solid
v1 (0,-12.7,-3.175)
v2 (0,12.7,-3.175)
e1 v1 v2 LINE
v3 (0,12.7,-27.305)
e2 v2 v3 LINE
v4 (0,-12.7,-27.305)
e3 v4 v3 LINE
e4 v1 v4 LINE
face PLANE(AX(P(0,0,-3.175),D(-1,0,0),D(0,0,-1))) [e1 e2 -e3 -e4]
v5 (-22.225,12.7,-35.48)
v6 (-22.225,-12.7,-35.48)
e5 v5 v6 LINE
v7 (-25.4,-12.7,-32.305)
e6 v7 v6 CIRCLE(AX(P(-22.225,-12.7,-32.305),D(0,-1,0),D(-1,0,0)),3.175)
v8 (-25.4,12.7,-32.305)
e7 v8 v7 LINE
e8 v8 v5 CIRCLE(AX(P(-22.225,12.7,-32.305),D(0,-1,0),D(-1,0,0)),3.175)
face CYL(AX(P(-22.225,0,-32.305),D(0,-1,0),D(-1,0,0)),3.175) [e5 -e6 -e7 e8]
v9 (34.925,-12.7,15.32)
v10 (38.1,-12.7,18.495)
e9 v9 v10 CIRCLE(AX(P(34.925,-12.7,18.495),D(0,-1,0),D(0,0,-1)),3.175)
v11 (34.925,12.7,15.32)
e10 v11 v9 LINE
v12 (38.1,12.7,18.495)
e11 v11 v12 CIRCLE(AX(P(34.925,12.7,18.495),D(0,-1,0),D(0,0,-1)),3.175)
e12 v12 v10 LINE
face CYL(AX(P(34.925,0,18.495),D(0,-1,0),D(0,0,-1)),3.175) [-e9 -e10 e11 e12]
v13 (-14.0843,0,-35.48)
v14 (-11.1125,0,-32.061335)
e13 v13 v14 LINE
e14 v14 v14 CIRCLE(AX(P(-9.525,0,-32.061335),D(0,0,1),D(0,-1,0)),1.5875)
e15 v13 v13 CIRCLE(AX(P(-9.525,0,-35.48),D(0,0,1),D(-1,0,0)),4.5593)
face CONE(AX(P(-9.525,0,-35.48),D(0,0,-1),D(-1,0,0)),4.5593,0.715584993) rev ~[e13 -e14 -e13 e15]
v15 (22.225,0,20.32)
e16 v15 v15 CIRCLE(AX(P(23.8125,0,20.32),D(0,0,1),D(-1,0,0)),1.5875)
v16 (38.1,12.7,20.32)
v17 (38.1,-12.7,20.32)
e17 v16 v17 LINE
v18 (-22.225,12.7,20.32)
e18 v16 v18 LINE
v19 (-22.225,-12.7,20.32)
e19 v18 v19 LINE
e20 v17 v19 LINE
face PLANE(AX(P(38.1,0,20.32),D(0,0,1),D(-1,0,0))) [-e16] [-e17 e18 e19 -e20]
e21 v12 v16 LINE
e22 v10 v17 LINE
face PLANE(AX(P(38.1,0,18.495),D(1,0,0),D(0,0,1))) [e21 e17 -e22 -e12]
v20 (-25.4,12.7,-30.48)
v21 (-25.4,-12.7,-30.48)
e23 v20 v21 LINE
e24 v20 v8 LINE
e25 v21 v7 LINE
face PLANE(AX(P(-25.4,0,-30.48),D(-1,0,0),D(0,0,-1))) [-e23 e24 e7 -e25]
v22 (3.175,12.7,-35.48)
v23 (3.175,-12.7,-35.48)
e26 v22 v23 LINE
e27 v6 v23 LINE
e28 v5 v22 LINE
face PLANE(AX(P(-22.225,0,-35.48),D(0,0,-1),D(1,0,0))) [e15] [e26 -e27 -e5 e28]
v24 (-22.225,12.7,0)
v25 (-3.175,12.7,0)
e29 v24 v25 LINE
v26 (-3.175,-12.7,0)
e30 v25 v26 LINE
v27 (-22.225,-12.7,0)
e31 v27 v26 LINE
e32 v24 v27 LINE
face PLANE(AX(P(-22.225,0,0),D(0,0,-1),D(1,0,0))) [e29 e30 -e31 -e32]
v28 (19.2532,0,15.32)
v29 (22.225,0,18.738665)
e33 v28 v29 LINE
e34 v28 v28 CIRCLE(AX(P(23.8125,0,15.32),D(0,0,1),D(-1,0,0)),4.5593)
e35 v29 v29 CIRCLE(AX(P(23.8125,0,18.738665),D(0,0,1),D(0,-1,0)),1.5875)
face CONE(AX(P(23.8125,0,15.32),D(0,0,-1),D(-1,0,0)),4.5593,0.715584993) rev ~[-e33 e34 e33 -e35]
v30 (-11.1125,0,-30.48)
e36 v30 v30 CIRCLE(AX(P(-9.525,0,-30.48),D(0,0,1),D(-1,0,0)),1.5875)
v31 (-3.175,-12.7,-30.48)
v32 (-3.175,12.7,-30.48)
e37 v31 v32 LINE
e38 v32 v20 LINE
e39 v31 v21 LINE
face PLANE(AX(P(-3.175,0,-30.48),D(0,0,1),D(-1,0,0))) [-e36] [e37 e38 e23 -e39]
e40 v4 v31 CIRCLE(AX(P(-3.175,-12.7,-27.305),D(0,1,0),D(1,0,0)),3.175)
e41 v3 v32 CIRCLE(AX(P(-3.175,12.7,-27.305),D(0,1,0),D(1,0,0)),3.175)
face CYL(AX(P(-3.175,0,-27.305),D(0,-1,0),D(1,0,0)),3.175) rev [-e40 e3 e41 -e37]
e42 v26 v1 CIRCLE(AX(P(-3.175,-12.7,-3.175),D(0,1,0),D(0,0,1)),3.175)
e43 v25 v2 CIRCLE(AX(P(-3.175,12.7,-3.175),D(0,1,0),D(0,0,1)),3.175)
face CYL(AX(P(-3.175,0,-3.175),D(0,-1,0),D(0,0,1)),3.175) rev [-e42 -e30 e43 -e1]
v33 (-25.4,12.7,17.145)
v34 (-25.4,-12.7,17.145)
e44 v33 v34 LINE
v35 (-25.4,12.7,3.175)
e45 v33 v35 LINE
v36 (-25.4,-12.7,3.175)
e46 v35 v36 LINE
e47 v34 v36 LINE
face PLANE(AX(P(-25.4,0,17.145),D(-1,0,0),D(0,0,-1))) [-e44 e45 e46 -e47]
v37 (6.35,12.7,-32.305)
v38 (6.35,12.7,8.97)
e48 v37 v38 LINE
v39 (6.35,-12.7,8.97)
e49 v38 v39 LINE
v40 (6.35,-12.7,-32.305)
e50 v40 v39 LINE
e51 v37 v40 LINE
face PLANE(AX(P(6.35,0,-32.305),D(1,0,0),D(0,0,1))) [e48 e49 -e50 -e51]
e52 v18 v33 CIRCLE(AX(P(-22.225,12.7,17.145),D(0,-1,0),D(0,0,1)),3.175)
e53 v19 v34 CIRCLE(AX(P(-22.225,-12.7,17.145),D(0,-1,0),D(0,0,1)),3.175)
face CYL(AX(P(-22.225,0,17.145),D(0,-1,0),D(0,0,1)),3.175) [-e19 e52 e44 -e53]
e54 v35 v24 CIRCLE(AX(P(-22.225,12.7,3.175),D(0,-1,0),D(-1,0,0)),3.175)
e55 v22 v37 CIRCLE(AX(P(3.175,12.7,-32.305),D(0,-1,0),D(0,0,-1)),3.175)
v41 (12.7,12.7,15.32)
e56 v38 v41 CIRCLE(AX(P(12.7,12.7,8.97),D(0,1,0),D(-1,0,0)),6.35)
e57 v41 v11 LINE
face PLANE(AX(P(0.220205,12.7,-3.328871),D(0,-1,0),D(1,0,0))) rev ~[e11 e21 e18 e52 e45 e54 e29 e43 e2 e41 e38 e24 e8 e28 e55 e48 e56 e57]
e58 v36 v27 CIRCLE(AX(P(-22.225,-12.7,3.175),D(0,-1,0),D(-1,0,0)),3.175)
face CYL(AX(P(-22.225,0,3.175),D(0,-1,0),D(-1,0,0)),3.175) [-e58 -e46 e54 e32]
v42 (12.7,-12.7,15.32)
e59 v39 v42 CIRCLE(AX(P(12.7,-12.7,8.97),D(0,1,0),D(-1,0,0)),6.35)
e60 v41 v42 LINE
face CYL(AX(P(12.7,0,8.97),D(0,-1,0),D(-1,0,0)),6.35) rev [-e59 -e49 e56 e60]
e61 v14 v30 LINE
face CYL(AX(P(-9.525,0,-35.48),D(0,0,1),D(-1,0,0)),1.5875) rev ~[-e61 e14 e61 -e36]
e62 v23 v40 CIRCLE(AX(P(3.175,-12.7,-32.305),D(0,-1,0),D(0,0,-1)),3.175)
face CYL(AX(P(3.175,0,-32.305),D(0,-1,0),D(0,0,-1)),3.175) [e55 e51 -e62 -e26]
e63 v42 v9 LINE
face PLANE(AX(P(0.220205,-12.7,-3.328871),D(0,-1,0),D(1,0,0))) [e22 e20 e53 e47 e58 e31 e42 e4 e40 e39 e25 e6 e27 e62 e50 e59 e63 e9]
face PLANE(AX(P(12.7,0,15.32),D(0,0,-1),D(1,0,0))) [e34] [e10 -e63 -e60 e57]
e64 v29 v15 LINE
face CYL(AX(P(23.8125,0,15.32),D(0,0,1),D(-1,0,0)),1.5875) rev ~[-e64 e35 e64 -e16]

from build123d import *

# Parameters (mm, degrees)
F1_DEPTH             = 12.7
F4_D                 = 3.175
F4_DEPTH             = 25.4
F4_CSINK_D           = 9.1186
F4_CSINK_ANGLE       = 82
F4_TIP               = 0.9538662327
F4_ON_F2_D           = 3.175
F4_ON_F2_DEPTH       = 25.4
F4_ON_F2_CSINK_D     = 9.1186
F4_ON_F2_CSINK_ANGLE = 82
F4_ON_F2_TIP         = 0.9538662327


with BuildPart() as f1:
    # F0 (on Front) → F1 (new body, symmetric)
    with BuildSketch(Plane.XZ):
        with BuildLine():
            Line((-3.175, -30.48), (-25.4, -30.48))
            Line((-25.4, -30.48), (-25.4, -32.305))
            ThreePointArc((-25.4, -32.305), (-24.4700640303, -34.5500640303), (-22.225, -35.48))
            Line((-22.225, -35.48), (3.175, -35.48))
            ThreePointArc((3.175, -35.48), (5.4200640303, -34.5500640303), (6.35, -32.305))
            Line((6.35, -32.305), (6.35, 8.97))
            ThreePointArc((6.35, 8.97), (8.2098719395, 13.4601280605), (12.7, 15.32))
            Line((12.7, 15.32), (34.925, 15.32))
            ThreePointArc((34.925, 15.32), (37.1700640303, 16.2499359697), (38.1, 18.495))
            Line((38.1, 18.495), (38.1, 20.32))
            Line((38.1, 20.32), (-22.225, 20.32))
            ThreePointArc((-22.225, 20.32), (-24.4700640303, 19.3900640303), (-25.4, 17.145))
            Line((-25.4, 17.145), (-25.4, 3.175))
            ThreePointArc((-25.4, 3.175), (-24.4700640303, 0.9299359697), (-22.225, 0))
            Line((-22.225, 0), (-3.175, 0))
            ThreePointArc((-3.175, 0), (-0.9299359697, -0.9299359697), (0, -3.175))
            Line((0, -3.175), (0, -27.305))
            ThreePointArc((0, -27.305), (-0.9299359697, -29.5500640303), (-3.175, -30.48))
        make_face()
    extrude(amount=F1_DEPTH, both=True)

    # F4
    with Locations(Plane(origin=(0, 0, 15.32), x_dir=(1, 0, 0), z_dir=(0, 0, -1))):
        with Locations((23.8125, 0)):
            CounterSinkHole(F4_D / 2, F4_CSINK_D / 2, depth=F4_DEPTH, counter_sink_angle=F4_CSINK_ANGLE)
            with Locations((0, 0, -(F4_DEPTH + F4_TIP / 2))):  # 118° drill point
                Cone(0, F4_D / 2, F4_TIP, mode=Mode.SUBTRACT)

    # F4 on F2
    with Locations(Plane(origin=(0, 0, -35.48), x_dir=(1, 0, 0), z_dir=(0, 0, -1))):
        with Locations((-9.525, 0)):
            CounterSinkHole(F4_ON_F2_D / 2, F4_ON_F2_CSINK_D / 2, depth=F4_ON_F2_DEPTH, counter_sink_angle=F4_ON_F2_CSINK_ANGLE)
            with Locations((0, 0, -(F4_ON_F2_DEPTH + F4_ON_F2_TIP / 2))):  # 118° drill point
                Cone(0, F4_ON_F2_D / 2, F4_ON_F2_TIP, mode=Mode.SUBTRACT)


solid = f1.part
